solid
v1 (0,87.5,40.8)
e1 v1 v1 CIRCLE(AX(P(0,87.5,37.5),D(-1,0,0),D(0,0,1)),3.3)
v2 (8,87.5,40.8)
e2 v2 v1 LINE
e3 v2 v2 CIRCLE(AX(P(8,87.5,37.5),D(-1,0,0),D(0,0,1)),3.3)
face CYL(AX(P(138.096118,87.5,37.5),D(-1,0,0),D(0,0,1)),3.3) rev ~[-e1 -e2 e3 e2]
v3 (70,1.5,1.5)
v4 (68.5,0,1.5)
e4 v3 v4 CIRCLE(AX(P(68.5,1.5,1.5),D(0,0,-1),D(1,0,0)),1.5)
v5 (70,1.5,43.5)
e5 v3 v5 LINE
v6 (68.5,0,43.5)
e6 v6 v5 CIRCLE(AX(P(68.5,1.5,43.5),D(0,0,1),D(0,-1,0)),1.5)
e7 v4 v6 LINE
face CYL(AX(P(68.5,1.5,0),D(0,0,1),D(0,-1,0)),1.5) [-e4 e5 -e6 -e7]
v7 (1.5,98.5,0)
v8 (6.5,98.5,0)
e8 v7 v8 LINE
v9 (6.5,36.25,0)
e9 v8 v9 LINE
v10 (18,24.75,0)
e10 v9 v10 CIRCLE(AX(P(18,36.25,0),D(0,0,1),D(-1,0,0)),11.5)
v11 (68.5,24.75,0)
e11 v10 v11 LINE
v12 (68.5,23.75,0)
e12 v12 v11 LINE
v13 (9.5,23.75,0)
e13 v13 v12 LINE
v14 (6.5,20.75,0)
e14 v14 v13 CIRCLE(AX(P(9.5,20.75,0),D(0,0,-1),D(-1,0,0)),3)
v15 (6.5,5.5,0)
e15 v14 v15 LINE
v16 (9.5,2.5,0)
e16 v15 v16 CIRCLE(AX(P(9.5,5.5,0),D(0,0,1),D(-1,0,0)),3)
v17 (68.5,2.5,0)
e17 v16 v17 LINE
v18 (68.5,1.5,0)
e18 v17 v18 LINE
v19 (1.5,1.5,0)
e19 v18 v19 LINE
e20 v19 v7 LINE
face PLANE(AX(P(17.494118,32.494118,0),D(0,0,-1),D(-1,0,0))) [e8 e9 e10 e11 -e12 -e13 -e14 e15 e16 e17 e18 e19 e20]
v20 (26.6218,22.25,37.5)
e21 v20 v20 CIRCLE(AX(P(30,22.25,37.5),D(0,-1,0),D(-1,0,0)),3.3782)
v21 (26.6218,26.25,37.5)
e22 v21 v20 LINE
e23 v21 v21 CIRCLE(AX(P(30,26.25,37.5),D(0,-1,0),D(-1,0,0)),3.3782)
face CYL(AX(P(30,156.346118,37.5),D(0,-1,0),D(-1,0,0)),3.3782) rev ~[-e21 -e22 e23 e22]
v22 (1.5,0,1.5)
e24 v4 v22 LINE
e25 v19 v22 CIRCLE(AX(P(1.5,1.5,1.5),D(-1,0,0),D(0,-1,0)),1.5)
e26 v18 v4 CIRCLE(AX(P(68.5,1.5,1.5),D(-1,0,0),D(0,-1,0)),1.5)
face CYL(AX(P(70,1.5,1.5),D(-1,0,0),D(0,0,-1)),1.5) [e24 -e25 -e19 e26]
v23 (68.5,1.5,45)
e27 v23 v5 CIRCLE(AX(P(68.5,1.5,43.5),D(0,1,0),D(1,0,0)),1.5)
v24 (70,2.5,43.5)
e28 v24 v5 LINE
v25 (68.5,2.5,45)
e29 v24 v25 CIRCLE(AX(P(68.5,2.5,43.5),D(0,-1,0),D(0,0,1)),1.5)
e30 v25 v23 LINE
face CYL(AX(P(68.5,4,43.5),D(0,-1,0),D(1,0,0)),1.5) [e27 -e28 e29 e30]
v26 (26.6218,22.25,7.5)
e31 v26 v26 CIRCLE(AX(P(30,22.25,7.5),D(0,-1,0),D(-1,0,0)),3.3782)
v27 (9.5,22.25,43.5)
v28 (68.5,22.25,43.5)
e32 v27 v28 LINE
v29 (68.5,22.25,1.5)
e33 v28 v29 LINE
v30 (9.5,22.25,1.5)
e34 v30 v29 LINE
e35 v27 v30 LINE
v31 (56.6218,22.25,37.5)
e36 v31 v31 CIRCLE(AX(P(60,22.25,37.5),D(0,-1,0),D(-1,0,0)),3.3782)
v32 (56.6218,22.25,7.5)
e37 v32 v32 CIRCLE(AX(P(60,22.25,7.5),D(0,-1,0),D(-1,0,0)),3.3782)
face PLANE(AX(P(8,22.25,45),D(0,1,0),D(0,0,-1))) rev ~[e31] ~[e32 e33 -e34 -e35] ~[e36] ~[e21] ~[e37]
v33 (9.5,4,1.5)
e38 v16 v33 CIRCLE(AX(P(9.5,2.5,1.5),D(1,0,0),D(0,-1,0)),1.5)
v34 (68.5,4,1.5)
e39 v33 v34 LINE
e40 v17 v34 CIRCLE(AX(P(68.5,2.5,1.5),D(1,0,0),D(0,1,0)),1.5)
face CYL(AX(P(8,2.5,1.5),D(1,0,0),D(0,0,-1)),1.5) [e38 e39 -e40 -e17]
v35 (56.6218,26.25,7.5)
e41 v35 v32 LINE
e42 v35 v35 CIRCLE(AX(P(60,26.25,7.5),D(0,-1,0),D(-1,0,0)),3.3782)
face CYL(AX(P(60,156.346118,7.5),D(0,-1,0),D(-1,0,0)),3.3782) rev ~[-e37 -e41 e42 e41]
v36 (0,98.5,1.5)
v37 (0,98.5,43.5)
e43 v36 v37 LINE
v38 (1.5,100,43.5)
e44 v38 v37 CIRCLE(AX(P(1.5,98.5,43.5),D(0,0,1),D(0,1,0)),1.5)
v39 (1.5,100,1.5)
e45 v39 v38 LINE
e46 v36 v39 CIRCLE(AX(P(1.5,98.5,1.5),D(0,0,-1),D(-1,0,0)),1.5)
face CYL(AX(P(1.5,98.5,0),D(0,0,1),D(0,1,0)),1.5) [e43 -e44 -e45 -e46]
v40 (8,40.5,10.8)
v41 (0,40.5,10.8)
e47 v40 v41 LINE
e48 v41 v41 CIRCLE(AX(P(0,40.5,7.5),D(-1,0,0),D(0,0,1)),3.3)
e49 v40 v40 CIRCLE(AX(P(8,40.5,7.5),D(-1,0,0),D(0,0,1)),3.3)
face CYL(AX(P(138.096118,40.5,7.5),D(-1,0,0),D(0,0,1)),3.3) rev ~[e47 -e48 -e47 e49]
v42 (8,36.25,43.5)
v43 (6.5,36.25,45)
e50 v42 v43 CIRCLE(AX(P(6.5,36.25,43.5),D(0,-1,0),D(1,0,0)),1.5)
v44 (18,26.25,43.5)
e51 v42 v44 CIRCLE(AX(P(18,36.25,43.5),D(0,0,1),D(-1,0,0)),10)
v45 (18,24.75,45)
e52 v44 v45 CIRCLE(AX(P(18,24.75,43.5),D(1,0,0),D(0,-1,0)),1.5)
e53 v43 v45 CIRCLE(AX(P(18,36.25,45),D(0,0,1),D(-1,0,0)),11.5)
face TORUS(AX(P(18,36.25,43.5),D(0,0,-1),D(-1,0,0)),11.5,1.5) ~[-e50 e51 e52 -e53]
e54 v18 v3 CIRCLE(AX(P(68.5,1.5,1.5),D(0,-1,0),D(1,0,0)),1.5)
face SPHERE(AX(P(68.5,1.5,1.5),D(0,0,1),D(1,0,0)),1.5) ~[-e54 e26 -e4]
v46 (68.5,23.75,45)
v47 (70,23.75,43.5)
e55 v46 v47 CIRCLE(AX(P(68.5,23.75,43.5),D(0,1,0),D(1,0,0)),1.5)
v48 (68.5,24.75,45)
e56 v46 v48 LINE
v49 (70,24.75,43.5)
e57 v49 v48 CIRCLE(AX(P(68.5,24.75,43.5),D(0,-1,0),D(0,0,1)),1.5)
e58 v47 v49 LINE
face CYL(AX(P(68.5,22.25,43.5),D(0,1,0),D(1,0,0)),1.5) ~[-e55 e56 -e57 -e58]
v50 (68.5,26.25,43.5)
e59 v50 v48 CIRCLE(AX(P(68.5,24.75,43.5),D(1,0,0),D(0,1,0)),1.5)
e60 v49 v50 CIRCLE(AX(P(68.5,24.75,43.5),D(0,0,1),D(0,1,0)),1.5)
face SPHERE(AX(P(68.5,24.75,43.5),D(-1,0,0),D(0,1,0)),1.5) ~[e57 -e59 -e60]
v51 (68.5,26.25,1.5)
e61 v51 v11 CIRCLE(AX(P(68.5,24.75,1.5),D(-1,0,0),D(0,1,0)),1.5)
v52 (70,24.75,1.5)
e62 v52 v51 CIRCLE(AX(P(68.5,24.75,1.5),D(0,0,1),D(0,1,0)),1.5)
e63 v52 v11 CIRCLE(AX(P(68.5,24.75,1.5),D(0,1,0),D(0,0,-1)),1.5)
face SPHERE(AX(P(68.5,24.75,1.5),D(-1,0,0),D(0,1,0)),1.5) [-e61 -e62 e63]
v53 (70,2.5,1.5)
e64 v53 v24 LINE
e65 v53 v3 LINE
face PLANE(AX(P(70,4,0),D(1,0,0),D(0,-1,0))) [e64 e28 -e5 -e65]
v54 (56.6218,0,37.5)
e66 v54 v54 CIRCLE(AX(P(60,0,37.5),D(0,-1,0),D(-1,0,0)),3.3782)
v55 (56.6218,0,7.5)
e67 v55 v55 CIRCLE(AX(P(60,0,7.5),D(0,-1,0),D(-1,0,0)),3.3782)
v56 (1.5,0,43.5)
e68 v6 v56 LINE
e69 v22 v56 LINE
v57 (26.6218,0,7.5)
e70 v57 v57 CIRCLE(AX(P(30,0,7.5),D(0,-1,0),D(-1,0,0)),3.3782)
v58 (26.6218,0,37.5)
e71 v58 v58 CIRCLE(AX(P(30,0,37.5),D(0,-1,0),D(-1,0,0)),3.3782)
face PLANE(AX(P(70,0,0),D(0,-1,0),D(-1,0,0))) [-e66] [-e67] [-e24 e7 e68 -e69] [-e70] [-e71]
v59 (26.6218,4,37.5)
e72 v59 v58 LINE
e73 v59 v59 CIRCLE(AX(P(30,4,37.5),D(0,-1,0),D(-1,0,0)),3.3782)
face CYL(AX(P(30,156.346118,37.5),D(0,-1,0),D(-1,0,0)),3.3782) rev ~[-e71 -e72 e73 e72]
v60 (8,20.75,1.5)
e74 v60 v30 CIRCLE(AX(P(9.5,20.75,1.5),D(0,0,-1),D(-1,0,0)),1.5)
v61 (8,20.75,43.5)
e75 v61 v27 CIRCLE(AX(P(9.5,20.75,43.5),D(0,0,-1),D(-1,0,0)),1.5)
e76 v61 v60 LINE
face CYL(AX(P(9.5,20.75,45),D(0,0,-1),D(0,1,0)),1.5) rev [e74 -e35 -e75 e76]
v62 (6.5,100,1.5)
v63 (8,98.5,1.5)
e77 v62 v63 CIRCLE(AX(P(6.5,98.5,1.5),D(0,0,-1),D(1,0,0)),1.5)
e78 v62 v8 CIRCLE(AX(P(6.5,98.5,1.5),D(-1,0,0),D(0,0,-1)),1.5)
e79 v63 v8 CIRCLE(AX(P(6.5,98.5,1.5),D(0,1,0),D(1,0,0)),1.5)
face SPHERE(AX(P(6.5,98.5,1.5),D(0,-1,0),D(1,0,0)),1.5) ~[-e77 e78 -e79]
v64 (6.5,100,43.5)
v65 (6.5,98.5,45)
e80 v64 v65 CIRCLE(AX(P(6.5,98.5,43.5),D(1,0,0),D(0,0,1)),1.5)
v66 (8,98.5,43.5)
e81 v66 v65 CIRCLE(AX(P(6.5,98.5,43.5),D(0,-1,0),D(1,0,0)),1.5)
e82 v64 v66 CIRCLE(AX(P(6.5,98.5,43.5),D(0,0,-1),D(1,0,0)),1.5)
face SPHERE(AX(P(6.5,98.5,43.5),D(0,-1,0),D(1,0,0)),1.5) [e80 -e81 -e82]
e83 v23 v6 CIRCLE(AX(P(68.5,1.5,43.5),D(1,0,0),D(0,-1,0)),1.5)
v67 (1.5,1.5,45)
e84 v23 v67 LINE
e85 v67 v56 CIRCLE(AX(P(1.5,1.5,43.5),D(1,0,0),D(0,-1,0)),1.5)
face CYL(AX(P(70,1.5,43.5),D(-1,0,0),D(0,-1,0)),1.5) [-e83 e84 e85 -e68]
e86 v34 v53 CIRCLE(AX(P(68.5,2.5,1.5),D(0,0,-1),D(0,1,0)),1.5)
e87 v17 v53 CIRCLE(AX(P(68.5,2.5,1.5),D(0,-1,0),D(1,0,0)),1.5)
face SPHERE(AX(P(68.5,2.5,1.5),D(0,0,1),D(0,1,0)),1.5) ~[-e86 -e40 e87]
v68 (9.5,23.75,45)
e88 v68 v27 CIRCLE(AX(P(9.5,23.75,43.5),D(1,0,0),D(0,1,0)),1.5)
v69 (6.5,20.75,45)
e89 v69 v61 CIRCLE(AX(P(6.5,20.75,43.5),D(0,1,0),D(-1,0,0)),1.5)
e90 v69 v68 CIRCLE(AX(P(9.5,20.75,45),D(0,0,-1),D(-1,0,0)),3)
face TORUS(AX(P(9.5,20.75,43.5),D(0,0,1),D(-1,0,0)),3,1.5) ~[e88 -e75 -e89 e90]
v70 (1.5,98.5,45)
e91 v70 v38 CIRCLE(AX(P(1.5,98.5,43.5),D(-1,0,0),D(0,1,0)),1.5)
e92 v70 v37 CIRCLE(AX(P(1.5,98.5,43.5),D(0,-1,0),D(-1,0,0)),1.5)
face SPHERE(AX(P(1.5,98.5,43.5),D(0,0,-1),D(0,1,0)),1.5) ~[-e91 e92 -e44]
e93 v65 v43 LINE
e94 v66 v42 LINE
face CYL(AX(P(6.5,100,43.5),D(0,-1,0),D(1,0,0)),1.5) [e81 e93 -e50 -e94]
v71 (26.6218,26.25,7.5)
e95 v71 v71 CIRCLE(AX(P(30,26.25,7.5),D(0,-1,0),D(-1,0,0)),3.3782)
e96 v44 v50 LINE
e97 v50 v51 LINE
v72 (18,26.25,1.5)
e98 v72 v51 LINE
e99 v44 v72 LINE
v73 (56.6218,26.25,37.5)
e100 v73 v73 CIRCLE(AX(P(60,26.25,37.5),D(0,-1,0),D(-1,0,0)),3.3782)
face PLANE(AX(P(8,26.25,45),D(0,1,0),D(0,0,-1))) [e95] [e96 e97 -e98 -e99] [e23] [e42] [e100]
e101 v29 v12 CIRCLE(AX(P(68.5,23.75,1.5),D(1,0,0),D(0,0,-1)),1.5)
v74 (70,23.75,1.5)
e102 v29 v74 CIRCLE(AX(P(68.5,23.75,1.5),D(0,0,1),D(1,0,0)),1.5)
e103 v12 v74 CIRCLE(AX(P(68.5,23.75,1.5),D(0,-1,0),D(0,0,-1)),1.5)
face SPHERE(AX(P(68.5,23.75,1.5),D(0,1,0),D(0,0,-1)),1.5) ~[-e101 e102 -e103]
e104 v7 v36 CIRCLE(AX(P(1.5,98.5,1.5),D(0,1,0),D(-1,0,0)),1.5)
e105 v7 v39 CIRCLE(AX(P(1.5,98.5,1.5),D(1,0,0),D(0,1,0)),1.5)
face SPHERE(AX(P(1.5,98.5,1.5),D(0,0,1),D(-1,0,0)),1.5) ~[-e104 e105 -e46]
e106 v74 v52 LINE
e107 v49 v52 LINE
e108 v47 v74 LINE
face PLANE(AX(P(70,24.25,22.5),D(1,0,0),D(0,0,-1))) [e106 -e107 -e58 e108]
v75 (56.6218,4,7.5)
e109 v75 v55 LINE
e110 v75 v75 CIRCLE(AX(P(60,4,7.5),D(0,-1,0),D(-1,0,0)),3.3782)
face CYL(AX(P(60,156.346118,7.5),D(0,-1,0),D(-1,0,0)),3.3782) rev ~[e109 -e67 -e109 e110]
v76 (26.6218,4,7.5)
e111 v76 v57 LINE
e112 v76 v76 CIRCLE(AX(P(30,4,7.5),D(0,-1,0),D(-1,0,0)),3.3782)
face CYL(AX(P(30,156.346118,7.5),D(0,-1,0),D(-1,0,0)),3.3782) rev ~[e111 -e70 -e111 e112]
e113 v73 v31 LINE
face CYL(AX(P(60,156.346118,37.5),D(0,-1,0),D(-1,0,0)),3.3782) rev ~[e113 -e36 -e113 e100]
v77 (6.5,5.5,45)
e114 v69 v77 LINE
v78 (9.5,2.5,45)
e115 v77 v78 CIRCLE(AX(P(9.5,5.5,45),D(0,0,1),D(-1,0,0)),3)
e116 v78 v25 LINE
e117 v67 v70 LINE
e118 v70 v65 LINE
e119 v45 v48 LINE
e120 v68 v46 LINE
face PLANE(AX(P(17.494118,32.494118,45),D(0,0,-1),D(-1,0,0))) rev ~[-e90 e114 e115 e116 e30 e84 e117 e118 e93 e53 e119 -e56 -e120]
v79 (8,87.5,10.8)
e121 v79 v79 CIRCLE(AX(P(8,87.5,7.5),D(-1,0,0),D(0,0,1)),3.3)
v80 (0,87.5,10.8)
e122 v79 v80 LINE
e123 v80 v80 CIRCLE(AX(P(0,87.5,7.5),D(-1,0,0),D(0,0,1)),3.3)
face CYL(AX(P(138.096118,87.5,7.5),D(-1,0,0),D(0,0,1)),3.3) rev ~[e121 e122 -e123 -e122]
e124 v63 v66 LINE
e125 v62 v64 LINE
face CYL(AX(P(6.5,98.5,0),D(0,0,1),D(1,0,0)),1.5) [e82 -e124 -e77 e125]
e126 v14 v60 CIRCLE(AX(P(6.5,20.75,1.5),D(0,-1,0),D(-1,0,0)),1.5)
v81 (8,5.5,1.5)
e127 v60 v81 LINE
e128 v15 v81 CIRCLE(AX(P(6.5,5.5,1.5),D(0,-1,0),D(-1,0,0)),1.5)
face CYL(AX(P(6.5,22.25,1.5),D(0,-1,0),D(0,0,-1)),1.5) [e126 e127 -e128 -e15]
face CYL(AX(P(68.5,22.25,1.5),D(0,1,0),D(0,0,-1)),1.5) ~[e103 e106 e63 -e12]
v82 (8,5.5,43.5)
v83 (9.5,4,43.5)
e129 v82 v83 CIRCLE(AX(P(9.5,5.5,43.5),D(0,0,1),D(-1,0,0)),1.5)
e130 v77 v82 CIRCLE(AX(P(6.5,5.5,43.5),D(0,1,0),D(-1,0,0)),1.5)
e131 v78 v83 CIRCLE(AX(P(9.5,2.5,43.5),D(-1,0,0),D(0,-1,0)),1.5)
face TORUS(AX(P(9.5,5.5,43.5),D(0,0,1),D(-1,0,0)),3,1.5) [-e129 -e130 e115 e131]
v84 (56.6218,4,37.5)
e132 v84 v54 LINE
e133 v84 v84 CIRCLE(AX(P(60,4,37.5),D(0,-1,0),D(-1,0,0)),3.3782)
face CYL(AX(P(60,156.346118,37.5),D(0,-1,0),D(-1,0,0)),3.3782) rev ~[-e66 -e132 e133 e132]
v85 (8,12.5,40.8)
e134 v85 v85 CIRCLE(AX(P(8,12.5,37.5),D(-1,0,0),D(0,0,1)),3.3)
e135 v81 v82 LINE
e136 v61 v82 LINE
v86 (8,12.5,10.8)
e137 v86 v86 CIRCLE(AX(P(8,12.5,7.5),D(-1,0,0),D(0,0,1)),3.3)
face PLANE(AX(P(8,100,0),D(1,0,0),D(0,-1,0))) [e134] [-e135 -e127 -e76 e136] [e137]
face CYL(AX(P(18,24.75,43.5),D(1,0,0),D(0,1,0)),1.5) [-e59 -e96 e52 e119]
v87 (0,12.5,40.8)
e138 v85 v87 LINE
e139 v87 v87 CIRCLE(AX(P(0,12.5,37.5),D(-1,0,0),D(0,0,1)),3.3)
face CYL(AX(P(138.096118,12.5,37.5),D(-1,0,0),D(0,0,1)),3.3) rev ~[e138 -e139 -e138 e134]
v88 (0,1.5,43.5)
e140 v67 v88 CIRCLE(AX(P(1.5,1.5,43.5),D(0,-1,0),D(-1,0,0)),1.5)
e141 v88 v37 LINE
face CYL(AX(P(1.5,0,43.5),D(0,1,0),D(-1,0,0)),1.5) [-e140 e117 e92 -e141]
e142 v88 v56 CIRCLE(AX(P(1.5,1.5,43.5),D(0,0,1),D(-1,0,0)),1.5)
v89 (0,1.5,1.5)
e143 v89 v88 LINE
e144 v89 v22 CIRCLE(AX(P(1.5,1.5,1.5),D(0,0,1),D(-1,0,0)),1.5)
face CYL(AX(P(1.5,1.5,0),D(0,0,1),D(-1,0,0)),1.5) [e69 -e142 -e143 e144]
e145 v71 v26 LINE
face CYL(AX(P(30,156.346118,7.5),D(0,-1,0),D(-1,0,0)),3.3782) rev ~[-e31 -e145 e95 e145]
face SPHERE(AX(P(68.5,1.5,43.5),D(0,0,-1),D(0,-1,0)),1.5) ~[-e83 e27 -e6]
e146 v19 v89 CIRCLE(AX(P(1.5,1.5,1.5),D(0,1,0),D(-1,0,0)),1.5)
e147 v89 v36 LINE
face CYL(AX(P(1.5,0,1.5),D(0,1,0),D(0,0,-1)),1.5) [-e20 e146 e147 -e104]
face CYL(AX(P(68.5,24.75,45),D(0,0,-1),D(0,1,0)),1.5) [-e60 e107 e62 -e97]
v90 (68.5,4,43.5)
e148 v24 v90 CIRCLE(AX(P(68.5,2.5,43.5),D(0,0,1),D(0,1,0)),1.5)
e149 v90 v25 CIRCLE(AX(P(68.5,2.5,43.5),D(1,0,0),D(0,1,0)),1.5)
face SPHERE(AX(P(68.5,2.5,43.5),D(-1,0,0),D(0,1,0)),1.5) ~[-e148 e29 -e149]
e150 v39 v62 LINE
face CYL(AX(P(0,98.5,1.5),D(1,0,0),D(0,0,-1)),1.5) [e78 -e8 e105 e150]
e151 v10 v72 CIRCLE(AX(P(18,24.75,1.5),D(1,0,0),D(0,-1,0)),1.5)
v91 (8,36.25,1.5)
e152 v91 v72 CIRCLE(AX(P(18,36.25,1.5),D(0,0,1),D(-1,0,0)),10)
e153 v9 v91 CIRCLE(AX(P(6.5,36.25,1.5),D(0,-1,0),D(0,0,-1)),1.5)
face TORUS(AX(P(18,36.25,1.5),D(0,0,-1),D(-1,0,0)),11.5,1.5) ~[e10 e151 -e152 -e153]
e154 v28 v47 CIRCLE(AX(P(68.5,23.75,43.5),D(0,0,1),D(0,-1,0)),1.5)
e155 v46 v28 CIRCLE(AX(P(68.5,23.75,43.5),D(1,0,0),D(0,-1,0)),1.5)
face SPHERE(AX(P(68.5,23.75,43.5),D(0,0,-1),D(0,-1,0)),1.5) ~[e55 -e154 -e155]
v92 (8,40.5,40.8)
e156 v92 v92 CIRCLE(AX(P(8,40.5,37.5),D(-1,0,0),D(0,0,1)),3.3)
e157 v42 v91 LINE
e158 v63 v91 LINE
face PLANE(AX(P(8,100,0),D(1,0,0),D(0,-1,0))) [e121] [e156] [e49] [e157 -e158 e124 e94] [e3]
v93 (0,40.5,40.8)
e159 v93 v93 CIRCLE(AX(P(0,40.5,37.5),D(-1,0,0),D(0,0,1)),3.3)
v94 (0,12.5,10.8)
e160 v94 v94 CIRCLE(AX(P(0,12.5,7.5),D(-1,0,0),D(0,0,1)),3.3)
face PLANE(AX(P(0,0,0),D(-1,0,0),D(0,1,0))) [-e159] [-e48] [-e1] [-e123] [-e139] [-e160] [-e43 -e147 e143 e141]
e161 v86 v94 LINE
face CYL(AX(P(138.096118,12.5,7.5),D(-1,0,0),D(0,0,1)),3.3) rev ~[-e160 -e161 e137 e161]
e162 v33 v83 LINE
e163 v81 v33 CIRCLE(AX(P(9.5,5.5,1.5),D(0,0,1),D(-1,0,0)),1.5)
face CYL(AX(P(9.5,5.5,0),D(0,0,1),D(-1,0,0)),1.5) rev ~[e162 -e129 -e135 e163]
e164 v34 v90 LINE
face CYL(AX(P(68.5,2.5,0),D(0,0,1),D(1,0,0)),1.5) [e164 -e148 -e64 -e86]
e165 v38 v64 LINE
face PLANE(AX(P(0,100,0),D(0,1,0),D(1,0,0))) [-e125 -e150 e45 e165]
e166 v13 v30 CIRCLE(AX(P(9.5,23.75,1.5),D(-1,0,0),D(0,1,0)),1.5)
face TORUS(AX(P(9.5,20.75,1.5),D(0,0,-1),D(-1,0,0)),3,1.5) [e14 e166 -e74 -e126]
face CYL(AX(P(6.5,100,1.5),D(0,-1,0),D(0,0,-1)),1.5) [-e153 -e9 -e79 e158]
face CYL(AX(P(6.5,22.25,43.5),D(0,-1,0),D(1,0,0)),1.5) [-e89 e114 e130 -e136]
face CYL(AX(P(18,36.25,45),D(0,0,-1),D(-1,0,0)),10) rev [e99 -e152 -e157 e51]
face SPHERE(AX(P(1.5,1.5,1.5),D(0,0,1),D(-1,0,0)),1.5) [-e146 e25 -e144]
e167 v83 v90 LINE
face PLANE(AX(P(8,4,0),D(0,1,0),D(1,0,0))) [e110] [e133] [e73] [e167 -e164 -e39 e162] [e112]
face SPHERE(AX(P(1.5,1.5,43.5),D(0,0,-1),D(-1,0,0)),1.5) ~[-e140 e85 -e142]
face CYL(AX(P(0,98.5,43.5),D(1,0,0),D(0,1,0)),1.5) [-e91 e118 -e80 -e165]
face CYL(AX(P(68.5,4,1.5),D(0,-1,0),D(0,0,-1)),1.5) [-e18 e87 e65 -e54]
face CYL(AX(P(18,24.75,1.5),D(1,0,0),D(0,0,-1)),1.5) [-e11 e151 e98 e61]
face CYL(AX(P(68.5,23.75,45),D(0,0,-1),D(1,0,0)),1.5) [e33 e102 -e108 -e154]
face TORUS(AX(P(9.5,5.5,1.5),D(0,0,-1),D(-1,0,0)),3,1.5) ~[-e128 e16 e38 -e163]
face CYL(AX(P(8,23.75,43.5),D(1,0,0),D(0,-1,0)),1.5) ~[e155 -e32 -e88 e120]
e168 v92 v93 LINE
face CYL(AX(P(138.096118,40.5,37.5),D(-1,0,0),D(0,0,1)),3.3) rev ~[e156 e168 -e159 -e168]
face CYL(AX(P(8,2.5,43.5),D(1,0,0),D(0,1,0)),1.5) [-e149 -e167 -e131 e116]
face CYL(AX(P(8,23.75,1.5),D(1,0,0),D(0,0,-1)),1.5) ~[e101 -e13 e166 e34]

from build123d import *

# Parameters (mm, degrees)
BASE_DEPTH                  = 45
SKETCH2_W                   = 45
SKETCH2_H                   = 4
TOP_SKIN_DEPTH              = 62
SLIDER_BOLT_HOLE_PATTERN_D  = 6.6
DESKTOP_BOLT_HOLE_PATTERN_D = 6.7564
VISIBLE_CORNER_FILLET_R     = 10
BREAK_OTHER_CORNERS_R       = 1.5


with BuildPart() as part:
    # Sketch1 → base (new body)
    with BuildSketch(Plane.XY):
        Polygon((0, 0), (0, 100), (8, 100), (8, 4), (70, 4), (70, 0), align=None)
    extrude(amount=BASE_DEPTH)

    # Sketch2 → top skin (add)
    with BuildSketch(Plane(origin=(8, 0, 0), x_dir=(0, 0, -1), z_dir=(1, 0, 0))):
        with Locations((-22.5, 24.25)):
            Rectangle(SKETCH2_W, SKETCH2_H)
    extrude(amount=TOP_SKIN_DEPTH)

    # slider bolt hole pattern (through all)
    with Locations(Plane(origin=(8, 0, 0), x_dir=(0, 0, -1), z_dir=(1, 0, 0))):
        with Locations((-37.5, 87.5), (-7.5, 12.5), (-37.5, 12.5), (-7.5, 87.5), (-37.5, 40.5), (-7.5, 40.5)):
            Hole(SLIDER_BOLT_HOLE_PATTERN_D / 2)

    # desktop bolt hole pattern (through all)
    with Locations(Plane(origin=(0, 26.25, 0), x_dir=(1, 0, 0), z_dir=(0, 1, 0))):
        with Locations((30, -7.5), (60, -37.5), (30, -37.5), (60, -7.5)):
            Hole(DESKTOP_BOLT_HOLE_PATTERN_D / 2)

    # visible corner fillet
    visible_corner_fillet_edges = [part.edges().sort_by_distance(p)[0] for p in [
        (8, 26.25, 22.5),
    ]]
    fillet(visible_corner_fillet_edges, radius=VISIBLE_CORNER_FILLET_R)

    # break other corners
    break_other_corners_edges = [part.edges().sort_by_distance(p)[0] for p in [
        (39, 4, 45),
        (10.928932188, 29.178932188, 45),
        (10.928932188, 29.178932188, 0),
        (0, 0, 22.5),
        (0, 100, 22.5),
        (8, 100, 22.5),
        (8, 4, 22.5),
        (70, 4, 22.5),
        (70, 0, 22.5),
        (8, 13.125, 45),
        (4, 100, 45),
        (0, 50, 45),
        (70, 26.25, 22.5),
        (44, 26.25, 0),
        (70, 24.25, 0),
        (39, 22.25, 0),
        (70, 22.25, 22.5),
        (39, 22.25, 45),
        (8, 22.25, 22.5),
        (70, 24.25, 45),
        (44, 26.25, 45),
        (35, 0, 45),
        (0, 50, 0),
        (4, 100, 0),
        (8, 13.125, 0),
        (70, 2, 45),
        (39, 4, 0),
        (70, 2, 0),
        (35, 0, 0),
        (8, 68.125, 0),
        (8, 68.125, 45),
    ]]
    fillet(break_other_corners_edges, radius=BREAK_OTHER_CORNERS_R)


solid = part.part
